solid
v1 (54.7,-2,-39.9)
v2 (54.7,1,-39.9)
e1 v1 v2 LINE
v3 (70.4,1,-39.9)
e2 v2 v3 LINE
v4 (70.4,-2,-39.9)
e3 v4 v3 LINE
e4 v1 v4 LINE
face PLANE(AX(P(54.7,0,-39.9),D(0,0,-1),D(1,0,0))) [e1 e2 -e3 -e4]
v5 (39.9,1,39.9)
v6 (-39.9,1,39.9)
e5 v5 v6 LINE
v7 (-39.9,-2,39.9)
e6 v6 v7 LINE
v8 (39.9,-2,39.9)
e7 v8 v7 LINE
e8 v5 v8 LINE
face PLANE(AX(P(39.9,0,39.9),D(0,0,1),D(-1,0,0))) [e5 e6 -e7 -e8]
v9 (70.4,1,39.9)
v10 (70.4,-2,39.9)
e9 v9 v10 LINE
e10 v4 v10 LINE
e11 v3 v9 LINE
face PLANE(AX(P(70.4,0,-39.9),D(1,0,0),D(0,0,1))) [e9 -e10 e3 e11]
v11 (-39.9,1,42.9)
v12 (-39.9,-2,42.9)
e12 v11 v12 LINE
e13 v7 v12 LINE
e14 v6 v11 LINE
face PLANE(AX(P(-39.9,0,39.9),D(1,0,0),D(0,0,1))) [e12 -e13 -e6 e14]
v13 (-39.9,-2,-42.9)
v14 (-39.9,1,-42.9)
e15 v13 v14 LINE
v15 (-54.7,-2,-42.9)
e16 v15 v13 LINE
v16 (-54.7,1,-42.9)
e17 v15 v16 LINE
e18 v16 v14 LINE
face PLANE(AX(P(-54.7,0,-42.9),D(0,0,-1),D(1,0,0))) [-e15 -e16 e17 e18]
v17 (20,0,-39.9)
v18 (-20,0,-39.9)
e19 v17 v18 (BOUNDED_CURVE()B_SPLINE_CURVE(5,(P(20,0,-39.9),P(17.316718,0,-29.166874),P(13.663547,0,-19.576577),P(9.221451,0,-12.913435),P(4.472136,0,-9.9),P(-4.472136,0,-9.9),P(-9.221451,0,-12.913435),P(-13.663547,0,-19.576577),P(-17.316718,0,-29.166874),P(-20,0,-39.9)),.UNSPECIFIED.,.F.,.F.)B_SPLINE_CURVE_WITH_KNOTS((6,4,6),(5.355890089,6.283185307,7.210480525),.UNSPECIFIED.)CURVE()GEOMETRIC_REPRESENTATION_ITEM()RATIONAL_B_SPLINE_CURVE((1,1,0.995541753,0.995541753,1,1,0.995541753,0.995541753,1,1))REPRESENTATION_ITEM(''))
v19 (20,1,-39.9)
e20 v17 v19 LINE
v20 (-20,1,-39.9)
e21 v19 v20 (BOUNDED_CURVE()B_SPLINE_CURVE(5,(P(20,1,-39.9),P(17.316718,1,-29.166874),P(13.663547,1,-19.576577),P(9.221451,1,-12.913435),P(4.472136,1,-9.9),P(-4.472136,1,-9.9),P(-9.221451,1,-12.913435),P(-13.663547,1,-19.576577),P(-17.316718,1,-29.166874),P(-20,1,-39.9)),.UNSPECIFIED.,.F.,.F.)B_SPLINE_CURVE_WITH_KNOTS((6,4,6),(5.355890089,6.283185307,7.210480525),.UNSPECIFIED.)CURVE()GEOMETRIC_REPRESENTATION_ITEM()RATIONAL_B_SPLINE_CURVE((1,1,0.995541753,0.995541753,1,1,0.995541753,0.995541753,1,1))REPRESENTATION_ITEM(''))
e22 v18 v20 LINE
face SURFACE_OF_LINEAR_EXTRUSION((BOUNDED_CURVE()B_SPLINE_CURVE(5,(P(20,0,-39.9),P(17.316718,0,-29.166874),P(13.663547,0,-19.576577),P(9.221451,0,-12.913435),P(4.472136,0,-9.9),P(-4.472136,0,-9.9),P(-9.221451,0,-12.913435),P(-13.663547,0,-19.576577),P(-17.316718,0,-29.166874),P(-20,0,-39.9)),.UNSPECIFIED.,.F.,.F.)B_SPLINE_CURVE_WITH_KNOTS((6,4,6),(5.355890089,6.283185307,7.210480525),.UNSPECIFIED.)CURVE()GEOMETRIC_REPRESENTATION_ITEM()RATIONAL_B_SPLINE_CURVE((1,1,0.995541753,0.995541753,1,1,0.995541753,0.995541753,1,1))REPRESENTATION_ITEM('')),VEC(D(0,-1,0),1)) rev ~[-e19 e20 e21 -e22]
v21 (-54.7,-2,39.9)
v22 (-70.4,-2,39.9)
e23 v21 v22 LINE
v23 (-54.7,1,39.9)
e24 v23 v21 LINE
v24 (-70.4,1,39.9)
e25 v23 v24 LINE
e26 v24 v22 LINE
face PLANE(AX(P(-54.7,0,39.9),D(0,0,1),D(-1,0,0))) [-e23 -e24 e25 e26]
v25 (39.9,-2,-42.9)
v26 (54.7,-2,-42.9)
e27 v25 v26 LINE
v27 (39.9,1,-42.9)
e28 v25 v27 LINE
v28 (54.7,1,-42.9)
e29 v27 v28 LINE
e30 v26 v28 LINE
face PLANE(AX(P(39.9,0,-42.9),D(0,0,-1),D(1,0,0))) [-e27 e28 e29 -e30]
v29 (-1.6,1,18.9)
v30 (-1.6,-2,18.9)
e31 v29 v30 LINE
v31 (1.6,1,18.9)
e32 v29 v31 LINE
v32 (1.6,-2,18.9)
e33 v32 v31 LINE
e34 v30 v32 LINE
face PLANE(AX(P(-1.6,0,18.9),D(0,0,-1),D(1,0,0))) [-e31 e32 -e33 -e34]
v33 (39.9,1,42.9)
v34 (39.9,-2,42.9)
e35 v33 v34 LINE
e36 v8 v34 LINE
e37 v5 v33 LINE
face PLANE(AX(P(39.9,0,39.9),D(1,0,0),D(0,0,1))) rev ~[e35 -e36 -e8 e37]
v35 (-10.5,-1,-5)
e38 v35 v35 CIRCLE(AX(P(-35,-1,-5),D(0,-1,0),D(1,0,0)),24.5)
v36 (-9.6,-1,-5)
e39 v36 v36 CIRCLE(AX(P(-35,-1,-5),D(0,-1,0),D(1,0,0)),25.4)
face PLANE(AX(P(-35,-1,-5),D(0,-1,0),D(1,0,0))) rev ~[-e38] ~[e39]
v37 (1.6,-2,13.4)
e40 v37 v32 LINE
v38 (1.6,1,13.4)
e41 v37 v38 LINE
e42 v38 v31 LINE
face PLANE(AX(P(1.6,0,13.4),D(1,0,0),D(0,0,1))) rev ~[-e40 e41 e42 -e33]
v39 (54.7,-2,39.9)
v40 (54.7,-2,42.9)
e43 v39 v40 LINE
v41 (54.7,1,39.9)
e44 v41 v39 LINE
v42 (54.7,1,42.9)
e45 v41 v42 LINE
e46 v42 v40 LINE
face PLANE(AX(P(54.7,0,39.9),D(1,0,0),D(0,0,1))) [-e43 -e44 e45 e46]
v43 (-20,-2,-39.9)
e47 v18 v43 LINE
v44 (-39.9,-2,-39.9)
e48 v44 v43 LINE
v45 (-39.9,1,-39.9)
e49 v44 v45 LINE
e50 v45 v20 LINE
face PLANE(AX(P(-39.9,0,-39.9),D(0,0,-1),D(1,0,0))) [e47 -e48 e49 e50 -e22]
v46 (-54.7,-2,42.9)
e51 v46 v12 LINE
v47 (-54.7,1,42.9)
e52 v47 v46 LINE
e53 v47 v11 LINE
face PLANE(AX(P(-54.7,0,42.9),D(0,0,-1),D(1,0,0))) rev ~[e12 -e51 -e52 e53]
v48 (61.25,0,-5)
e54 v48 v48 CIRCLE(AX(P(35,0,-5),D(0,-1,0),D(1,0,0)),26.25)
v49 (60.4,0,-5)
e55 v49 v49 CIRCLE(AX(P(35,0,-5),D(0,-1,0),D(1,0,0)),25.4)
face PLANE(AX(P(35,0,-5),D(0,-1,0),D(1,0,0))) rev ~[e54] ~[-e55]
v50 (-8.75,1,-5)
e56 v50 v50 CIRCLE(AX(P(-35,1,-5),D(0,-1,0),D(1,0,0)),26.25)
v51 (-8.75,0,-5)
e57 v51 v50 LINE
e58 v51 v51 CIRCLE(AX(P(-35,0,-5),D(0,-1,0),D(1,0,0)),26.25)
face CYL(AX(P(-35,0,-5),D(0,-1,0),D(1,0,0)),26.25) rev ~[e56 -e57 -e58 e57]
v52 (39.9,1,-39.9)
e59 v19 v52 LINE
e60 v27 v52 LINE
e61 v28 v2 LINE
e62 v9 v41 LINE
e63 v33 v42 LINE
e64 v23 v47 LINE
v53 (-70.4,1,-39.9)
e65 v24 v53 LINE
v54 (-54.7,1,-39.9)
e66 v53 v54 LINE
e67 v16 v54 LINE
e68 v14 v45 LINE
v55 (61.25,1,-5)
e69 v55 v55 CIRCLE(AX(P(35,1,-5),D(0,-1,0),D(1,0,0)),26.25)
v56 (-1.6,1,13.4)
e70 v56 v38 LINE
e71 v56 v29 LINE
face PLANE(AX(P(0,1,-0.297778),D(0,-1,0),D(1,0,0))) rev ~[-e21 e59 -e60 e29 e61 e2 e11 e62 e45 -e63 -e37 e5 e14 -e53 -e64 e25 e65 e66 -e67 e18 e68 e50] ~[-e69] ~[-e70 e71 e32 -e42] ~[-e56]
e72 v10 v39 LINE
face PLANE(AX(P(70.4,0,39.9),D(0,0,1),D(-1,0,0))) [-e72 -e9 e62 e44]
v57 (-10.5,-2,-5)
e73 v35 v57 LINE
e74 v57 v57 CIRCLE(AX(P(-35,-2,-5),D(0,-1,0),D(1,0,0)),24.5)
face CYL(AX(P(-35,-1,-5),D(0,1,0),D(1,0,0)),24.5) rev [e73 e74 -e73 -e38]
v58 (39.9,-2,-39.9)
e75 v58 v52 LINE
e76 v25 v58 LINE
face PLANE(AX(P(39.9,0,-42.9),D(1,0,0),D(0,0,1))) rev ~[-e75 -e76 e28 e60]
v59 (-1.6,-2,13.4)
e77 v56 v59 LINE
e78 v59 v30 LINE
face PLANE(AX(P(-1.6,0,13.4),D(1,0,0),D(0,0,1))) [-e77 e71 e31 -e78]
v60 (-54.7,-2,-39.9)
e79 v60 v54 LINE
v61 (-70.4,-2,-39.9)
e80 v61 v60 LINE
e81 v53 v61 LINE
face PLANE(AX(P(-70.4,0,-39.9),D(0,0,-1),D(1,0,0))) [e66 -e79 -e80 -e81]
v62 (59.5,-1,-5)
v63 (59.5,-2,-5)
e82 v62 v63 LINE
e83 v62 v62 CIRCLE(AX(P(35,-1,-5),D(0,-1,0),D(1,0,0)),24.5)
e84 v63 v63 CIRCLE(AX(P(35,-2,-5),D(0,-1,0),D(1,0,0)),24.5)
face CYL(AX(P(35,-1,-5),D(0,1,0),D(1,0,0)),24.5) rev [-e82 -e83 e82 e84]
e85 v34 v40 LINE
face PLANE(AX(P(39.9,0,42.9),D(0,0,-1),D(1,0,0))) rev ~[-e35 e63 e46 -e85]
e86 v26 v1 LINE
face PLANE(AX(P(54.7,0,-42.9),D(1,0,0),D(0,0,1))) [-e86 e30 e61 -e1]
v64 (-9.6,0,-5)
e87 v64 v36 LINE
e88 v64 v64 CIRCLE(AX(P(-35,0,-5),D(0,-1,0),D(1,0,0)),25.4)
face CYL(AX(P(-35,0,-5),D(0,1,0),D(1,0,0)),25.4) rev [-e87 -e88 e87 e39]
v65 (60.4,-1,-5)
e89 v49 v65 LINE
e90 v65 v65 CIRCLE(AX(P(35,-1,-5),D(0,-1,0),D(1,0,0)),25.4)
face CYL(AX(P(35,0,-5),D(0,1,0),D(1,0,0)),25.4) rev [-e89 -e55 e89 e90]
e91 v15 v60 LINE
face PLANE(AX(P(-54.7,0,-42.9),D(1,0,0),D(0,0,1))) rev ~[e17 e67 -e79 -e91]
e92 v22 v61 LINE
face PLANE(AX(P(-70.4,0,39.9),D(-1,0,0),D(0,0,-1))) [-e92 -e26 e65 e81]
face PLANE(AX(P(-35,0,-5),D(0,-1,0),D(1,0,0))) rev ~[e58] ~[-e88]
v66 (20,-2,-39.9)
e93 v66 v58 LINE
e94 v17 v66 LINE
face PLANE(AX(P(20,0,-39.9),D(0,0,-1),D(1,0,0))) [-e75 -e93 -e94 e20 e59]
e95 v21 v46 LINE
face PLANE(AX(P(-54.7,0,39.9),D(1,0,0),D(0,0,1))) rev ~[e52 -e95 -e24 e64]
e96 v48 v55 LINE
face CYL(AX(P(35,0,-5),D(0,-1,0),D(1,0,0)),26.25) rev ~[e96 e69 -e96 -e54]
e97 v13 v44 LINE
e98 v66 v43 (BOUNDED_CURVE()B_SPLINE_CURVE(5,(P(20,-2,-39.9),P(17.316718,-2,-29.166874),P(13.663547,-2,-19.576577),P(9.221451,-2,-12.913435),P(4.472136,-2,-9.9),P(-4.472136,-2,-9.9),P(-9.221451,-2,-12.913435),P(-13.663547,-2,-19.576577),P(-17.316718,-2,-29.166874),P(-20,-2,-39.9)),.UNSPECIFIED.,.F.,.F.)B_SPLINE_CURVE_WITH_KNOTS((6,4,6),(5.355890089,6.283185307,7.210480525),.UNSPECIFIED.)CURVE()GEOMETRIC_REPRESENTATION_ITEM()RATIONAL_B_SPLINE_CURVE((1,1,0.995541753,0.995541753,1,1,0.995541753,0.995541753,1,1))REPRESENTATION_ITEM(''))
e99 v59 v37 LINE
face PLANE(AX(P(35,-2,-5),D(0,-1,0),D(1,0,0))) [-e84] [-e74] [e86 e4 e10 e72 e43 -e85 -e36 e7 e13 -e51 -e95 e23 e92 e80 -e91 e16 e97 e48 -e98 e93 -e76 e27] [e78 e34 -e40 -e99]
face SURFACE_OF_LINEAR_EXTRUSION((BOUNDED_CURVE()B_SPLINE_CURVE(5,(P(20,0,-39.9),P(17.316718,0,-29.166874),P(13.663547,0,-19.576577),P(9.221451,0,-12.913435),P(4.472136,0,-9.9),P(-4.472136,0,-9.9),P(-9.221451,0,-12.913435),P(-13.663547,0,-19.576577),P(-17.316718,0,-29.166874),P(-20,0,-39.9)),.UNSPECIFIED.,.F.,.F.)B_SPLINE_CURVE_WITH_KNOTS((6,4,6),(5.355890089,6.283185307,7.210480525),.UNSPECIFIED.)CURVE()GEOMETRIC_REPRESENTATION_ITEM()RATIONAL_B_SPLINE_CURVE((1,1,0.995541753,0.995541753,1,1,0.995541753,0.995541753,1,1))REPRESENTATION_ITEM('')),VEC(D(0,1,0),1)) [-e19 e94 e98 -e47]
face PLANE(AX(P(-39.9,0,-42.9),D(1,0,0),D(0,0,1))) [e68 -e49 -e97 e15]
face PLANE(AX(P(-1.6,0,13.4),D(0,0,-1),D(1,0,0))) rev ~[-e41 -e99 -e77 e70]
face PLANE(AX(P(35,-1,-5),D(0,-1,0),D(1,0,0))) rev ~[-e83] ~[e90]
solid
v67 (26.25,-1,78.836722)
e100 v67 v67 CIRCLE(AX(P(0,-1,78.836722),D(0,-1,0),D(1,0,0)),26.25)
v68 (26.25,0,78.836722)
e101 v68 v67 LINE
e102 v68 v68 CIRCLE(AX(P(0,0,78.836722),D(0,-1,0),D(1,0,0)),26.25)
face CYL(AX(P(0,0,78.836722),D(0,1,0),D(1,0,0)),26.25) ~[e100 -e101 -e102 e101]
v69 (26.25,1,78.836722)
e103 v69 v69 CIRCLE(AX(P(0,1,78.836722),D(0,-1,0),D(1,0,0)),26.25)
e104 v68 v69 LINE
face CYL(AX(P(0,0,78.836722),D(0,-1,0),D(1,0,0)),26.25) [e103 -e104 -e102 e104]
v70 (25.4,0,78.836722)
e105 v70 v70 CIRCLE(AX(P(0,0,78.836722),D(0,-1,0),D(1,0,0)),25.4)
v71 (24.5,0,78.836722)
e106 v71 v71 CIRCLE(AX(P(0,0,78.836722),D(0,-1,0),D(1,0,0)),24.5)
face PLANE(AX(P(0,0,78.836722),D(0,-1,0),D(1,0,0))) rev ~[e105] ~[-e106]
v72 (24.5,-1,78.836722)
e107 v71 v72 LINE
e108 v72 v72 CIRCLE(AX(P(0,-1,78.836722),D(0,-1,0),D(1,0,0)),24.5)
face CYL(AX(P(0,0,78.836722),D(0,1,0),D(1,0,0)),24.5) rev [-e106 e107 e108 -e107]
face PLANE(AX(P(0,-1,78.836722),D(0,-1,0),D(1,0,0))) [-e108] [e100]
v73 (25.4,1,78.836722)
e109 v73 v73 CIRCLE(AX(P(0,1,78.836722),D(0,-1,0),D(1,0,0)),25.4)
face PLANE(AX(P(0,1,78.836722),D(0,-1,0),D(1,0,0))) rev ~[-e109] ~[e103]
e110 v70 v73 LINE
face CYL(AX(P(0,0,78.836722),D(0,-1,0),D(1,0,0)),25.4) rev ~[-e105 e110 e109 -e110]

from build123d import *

# Parameters (mm, degrees)
F0_R          = 26.25
F0_W          = 3.2
F0_H          = 5.5
F0_W_2        = 14.8
F0_H_2        = 3
F0_R_2        = 25.4
F2_DEPTH      = 2
F2_DEPTH_BACK = 1
F3_DEPTH      = 1
F4_START      = 1
F0_R_3        = 24.5
F4_DEPTH      = 1
F1_R          = 26.25
F1_R_2        = 25.4
F5_DEPTH      = 1
F1_R_3        = 24.5
F6_DEPTH      = 1


with BuildPart() as f2:
    # F0 (on Front) → F2 (new body, two sides)
    with BuildSketch(Plane.XZ) as f2_sk:
        with BuildLine():
            Line((70.4, -39.9), (70.4, 39.9))
            Line((70.4, 39.9), (54.7, 39.9))
            Line((54.7, 39.9), (39.9, 39.9))
            Line((39.9, 39.9), (-39.9, 39.9))
            Line((-39.9, 39.9), (-54.7, 39.9))
            Line((-54.7, 39.9), (-70.4, 39.9))
            Line((-70.4, 39.9), (-70.4, -39.9))
            Line((-70.4, -39.9), (-54.7, -39.9))
            Line((-54.7, -39.9), (-39.9, -39.9))
            Line((-39.9, -39.9), (-20, -39.9))
            add(Edge.make_bspline(
                [(0, -9.9), (-12.5, -9.9), (-20, -39.9)],
                knots=[0, 0, 0, 0.927295218, 0.927295218, 0.927295218], degree=2, weights=[1, 0.894427191, 1]))
            add(Edge.make_bspline(
                [(20, -39.9), (12.5, -9.9), (0, -9.9)],
                knots=[5.3558900892, 5.3558900892, 5.3558900892, 6.2831853072, 6.2831853072, 6.2831853072], degree=2, weights=[1, 0.894427191, 1]))
            Line((20, -39.9), (39.9, -39.9))
            Line((39.9, -39.9), (54.7, -39.9))
            Line((54.7, -39.9), (70.4, -39.9))
        make_face()
        with Locations((-35, -5)):
            Circle(F0_R, mode=Mode.SUBTRACT)
        with Locations((0, 16.15)):
            Rectangle(F0_W, F0_H, mode=Mode.SUBTRACT)
        with Locations((35, -5)):
            Circle(F0_R, mode=Mode.SUBTRACT)
        with Locations((-47.3, 41.4)):
            Rectangle(F0_W_2, F0_H_2)
        with Locations((-47.3, -41.4)):
            Rectangle(F0_W_2, F0_H_2)
        with Locations((47.3, -41.4)):
            Rectangle(F0_W_2, F0_H_2)
        with Locations((47.3, 41.4)):
            Rectangle(F0_W_2, F0_H_2)
        with Locations((-35, -5)):
            Circle(F0_R)
        with Locations((-35, -5)):
            Circle(F0_R_2, mode=Mode.SUBTRACT)
        with Locations((35, -5)):
            Circle(F0_R)
        with Locations((35, -5)):
            Circle(F0_R_2, mode=Mode.SUBTRACT)
    extrude(amount=F2_DEPTH)
    extrude(f2_sk.sketch, amount=-F2_DEPTH_BACK)

    # F0 (on Front) → F3 (cut, through all)
    with BuildSketch(Plane.XZ):
        with Locations((35, -5)):
            Circle(F0_R)
        with Locations((35, -5)):
            Circle(F0_R_2, mode=Mode.SUBTRACT)
        with Locations((-35, -5)):
            Circle(F0_R)
        with Locations((-35, -5)):
            Circle(F0_R_2, mode=Mode.SUBTRACT)
    extrude(amount=-F3_DEPTH, mode=Mode.SUBTRACT)

    # F0 (on Front) → F4 (join)
    with BuildSketch(Plane.XZ.offset(F4_START)):
        with Locations((35, -5)):
            Circle(F0_R_2)
        with Locations((35, -5)):
            Circle(F0_R_3, mode=Mode.SUBTRACT)
        with Locations((-35, -5)):
            Circle(F0_R_2)
        with Locations((-35, -5)):
            Circle(F0_R_3, mode=Mode.SUBTRACT)
    extrude(amount=F4_DEPTH)


with BuildPart() as f5:
    # F1 (on Front) → F5 (new body)
    with BuildSketch(Plane.XZ):
        with Locations((0, 78.8367218888)):
            Circle(F1_R)
        with Locations((0, 78.8367218888)):
            Circle(F1_R_2, mode=Mode.SUBTRACT)
    extrude(amount=-F5_DEPTH)

    # F1 (on Front) → F6 (join)
    with BuildSketch(Plane.XZ):
        with Locations((0, 78.8367218888)):
            Circle(F1_R)
        with Locations((0, 78.8367218888)):
            Circle(F1_R_2, mode=Mode.SUBTRACT)
        with Locations((0, 78.8367218888)):
            Circle(F1_R_2)
        with Locations((0, 78.8367218888)):
            Circle(F1_R_3, mode=Mode.SUBTRACT)
    extrude(amount=F6_DEPTH)


solid = Compound([f2.part, f5.part])
